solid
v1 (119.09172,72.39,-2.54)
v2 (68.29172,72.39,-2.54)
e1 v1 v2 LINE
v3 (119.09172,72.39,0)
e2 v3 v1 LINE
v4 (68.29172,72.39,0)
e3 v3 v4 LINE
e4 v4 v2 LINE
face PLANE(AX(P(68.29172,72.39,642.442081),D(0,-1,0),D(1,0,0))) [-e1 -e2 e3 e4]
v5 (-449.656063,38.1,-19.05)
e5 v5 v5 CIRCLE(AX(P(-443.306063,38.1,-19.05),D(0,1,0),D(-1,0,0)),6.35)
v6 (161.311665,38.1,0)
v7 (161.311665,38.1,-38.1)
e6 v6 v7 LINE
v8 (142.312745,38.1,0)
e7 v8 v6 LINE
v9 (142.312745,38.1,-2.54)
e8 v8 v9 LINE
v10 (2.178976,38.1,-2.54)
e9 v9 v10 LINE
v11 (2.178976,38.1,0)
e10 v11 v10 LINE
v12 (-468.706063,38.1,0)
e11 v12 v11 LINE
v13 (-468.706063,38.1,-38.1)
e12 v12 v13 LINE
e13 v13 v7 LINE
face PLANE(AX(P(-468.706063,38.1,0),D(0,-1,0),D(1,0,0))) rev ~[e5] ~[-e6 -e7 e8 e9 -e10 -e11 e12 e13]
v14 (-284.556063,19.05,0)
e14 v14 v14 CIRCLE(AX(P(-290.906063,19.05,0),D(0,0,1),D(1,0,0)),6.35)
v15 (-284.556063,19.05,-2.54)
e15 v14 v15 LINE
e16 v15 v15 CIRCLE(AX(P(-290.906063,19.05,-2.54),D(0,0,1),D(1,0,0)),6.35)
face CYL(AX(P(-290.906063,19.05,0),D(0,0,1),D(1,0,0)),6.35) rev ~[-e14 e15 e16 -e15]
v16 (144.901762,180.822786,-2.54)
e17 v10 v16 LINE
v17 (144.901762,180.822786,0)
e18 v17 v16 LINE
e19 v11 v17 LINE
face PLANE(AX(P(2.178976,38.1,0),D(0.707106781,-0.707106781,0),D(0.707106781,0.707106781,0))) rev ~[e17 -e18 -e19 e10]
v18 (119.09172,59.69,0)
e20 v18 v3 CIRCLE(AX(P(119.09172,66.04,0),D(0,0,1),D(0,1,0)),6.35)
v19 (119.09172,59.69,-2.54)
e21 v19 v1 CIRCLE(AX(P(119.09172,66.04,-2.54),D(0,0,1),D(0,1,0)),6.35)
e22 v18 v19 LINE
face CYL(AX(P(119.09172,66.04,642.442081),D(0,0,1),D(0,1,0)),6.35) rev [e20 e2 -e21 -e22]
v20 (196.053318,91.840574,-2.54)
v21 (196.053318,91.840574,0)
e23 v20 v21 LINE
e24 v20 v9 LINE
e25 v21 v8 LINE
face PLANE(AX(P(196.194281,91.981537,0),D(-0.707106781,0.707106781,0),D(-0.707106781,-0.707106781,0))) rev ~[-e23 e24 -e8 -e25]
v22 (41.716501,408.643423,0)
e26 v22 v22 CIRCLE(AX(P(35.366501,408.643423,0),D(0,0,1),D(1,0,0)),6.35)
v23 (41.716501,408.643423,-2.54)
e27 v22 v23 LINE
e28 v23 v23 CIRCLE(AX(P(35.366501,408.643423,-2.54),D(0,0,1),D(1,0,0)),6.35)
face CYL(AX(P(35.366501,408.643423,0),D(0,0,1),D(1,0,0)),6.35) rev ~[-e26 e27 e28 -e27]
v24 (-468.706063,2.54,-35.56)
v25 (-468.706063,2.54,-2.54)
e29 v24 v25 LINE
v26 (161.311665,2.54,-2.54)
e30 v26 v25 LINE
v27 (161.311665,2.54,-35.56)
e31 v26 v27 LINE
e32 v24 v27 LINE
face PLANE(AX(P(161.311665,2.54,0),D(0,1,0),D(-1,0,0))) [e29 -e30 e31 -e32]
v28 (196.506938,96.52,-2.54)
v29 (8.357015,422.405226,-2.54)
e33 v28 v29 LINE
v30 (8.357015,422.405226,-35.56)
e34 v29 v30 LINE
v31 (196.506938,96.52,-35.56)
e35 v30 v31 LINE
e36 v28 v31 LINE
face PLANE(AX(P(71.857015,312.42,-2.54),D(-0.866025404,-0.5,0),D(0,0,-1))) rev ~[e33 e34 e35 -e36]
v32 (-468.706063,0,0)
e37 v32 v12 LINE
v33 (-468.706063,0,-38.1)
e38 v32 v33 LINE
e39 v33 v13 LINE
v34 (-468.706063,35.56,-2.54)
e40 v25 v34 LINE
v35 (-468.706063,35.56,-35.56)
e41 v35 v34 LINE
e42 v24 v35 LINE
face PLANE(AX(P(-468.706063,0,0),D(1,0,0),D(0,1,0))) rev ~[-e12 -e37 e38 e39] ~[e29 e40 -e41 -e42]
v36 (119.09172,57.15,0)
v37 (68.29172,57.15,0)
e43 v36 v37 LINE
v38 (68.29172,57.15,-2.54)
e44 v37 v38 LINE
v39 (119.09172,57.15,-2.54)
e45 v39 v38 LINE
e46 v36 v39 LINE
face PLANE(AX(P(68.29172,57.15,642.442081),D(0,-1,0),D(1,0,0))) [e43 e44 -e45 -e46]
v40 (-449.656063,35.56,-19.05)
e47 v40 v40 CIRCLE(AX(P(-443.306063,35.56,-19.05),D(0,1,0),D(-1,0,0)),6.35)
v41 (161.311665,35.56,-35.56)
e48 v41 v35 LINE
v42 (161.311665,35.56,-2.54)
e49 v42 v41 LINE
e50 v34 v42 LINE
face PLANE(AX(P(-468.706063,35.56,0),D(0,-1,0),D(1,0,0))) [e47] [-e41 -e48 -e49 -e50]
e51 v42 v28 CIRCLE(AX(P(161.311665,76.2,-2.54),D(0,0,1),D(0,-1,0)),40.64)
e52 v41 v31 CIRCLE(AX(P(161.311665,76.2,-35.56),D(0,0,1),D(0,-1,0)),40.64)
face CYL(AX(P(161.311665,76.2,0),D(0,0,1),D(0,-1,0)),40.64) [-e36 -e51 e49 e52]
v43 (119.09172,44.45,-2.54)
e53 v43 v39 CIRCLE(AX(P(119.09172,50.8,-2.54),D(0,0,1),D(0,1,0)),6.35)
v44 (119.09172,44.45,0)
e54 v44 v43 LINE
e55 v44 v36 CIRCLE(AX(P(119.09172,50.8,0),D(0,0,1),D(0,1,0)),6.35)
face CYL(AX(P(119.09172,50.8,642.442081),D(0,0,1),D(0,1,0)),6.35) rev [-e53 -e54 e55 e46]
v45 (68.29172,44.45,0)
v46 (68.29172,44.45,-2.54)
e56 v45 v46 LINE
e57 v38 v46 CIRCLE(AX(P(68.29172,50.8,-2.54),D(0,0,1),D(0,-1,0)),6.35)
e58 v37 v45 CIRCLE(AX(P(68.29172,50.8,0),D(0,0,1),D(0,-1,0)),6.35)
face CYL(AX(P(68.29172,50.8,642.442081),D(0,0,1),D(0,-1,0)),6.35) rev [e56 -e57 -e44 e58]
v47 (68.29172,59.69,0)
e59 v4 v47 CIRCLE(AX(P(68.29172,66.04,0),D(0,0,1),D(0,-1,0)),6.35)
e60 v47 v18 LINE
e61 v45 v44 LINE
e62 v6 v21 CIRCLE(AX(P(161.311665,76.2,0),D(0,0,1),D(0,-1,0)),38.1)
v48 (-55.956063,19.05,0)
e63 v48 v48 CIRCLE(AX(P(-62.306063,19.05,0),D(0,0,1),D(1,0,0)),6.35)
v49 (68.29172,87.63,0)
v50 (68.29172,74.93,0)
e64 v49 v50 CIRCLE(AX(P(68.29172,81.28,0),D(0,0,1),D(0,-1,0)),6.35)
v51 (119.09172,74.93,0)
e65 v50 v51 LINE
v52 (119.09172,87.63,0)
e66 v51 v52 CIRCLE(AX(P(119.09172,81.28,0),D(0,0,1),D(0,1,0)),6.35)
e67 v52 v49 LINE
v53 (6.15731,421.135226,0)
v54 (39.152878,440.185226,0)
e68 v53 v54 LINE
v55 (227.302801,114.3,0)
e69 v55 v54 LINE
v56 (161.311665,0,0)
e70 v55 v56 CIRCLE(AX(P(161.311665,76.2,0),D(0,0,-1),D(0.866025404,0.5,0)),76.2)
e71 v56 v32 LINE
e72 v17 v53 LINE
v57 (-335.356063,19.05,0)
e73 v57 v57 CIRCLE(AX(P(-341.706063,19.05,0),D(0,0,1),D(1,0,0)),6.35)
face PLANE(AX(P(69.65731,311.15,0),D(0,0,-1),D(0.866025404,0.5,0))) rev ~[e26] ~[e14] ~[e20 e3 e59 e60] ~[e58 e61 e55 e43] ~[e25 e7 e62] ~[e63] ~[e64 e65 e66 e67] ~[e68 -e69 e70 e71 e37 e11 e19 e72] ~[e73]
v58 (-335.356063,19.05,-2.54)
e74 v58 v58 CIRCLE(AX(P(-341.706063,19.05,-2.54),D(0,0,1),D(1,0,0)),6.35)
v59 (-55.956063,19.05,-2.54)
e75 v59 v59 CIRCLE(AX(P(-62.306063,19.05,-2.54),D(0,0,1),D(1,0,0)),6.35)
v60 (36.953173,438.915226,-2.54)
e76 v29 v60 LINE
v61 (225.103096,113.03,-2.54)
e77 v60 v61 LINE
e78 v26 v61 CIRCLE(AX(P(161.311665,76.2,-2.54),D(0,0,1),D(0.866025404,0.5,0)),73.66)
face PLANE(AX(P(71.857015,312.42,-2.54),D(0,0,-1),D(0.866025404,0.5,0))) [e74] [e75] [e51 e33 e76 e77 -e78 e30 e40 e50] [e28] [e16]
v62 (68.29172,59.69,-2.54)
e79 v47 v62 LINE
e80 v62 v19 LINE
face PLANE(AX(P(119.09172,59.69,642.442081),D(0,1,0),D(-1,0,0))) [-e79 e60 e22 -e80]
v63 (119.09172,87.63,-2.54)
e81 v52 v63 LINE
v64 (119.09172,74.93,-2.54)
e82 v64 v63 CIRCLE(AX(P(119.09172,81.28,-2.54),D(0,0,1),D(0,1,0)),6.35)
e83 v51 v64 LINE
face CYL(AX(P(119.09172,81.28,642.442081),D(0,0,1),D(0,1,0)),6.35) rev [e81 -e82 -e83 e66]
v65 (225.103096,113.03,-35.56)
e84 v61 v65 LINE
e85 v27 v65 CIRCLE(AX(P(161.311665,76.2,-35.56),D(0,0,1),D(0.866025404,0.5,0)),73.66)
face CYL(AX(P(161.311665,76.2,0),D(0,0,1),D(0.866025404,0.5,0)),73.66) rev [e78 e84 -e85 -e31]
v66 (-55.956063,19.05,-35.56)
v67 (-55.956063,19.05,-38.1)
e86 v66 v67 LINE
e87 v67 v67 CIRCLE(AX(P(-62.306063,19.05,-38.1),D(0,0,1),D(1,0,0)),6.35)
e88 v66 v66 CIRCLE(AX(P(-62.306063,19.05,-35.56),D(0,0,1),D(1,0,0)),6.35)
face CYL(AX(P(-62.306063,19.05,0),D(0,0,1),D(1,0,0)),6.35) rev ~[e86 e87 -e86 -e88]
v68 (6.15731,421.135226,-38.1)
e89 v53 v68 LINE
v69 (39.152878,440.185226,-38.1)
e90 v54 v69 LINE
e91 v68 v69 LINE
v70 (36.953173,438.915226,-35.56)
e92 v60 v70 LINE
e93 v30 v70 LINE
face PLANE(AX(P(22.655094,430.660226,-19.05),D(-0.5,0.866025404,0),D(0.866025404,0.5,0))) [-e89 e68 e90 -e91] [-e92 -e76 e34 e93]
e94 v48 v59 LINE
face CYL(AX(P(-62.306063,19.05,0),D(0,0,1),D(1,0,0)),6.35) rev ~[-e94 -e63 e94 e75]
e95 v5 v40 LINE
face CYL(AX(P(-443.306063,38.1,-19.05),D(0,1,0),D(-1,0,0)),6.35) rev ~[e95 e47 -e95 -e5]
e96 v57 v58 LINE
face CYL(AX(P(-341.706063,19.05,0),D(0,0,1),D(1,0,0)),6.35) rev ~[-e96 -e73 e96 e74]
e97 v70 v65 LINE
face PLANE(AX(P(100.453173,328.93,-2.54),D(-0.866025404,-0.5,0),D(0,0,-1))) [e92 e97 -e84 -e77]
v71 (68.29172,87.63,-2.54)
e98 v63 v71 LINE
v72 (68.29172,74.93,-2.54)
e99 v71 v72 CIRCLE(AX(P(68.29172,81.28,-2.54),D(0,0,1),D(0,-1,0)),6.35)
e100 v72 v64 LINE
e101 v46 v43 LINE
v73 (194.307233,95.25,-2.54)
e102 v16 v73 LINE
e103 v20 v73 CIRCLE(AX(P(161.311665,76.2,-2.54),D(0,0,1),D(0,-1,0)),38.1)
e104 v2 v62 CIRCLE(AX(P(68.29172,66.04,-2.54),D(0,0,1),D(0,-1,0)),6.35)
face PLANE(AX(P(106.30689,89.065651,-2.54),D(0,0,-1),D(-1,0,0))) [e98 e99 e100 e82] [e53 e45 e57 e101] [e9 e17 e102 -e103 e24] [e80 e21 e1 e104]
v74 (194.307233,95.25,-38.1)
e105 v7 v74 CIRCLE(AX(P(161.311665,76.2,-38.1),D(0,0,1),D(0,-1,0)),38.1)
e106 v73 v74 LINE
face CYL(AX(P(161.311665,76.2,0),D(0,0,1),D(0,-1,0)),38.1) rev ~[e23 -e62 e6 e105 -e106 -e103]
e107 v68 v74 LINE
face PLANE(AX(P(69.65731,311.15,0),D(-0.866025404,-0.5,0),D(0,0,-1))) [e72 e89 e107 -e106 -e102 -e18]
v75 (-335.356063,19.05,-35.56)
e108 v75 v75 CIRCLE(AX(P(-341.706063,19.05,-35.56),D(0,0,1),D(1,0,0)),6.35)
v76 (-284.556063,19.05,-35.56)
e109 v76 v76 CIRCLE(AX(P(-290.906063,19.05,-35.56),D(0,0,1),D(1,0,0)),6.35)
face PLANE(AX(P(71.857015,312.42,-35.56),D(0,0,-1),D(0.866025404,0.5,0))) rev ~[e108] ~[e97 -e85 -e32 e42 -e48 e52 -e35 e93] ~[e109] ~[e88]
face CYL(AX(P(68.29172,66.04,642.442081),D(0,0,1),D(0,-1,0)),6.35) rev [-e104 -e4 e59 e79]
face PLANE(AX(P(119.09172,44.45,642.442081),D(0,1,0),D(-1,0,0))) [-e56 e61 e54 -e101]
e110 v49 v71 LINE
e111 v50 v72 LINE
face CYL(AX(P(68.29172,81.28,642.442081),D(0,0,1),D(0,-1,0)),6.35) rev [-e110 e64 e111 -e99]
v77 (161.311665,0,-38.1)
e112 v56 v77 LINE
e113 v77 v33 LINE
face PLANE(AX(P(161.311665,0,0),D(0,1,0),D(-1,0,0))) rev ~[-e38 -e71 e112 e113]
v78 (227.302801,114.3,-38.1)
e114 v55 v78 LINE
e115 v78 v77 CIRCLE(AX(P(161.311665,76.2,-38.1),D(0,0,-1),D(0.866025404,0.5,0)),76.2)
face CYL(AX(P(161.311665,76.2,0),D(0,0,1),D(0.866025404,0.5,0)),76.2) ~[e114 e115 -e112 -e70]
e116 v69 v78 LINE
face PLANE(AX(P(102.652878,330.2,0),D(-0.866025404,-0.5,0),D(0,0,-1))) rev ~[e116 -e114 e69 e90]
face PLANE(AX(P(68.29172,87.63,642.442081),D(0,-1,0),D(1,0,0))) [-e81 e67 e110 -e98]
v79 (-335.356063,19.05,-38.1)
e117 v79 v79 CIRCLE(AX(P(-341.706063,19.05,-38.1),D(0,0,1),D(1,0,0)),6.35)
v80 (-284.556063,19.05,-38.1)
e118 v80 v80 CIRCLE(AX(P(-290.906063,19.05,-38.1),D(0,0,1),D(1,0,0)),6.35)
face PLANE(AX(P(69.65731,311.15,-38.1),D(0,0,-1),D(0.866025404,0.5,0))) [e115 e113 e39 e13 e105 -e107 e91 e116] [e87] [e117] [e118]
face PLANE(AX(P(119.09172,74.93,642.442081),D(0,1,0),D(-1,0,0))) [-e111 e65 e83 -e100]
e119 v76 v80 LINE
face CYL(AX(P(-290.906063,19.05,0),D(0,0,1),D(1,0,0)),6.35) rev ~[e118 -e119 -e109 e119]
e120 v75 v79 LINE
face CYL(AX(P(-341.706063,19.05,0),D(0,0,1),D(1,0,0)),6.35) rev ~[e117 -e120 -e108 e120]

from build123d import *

# Parameters (mm, degrees)
BOSS_EXTRUDE1_DEPTH     = 38.1
SHELL1_T                = -2.54
CUT_EXTRUDE1_REACH      = 782.53
SKETCH3_W               = 33.02
SKETCH3_H               = 33.02
BOSS_EXTRUDE2_DEPTH     = 2.54
SKETCH5_R               = 6.35
CUT_EXTRUDE2_DEPTH      = 575.603362093
SKETCH7_W               = 38.1
SKETCH7_H               = 38.1
SKETCH7_W_2             = 33.02
SKETCH7_H_2             = 33.02
BOSS_EXTRUDE3_DEPTH     = 127
CUT_EXTRUDE4_REACH      = 620.716
SKETCH8_R               = 6.35
CUT_EXTRUDE6_DEPTH      = 644.98208109
CUT_EXTRUDE6_DEPTH_BACK = 644.98208109
CUT_EXTRUDE7_REACH      = 646.127
SKETCH11_R              = 6.35


with BuildPart() as part:
    # Sketch1 → Boss-Extrude1 (new body)
    with BuildSketch(Plane.XY):
        with BuildLine():
            Line((102.652877862, 330.2), (227.30280098, 114.3))
            ThreePointArc((227.30280098, 114.3), (227.30280098, 38.1), (161.311665212, 0))
            Line((161.311665212, 0), (-468.706063252, 0))
            Line((-468.706063252, 0), (-468.706063252, 38.1))
            Line((-468.706063252, 38.1), (161.311665212, 38.1))
            ThreePointArc((161.311665212, 38.1), (194.307233096, 57.15), (194.307233096, 95.25))
            Line((194.307233096, 95.25), (69.657309978, 311.15))
            Line((69.657309978, 311.15), (102.652877862, 330.2))
        make_face()
    extrude(amount=-BOSS_EXTRUDE1_DEPTH)

    # Shell1
    shell1_openings = [part.faces().sort_by_distance(p)[0] for p in [
        (86.15509392, 320.675, -19.05),
    ]]
    offset(amount=SHELL1_T, openings=shell1_openings, kind=Kind.INTERSECTION)

    # Sketch3 → Cut-Extrude1 (cut, up to next)
    with BuildSketch(Plane.ZY.offset(468.706063252), mode=Mode.PRIVATE) as cut_extrude1_sk1:
        with Locations((-19.05, 19.05)):
            Rectangle(SKETCH3_W, SKETCH3_H)
    cut_extrude1_tool1 = extrude(cut_extrude1_sk1.sketch, amount=-CUT_EXTRUDE1_REACH, mode=Mode.PRIVATE) & part.part
    add(cut_extrude1_tool1.solids().sort_by_distance((-468.706063, 19.05, -19.05))[0], mode=Mode.SUBTRACT)

    # Sketch4 → Boss-Extrude2 (add)
    with BuildSketch(Plane.XY):
        Polygon((2.178975516, 38.1), (144.901761863, 180.822786347), (196.194281247, 91.981536726), (142.31274452, 38.1), align=None)
    extrude(amount=-BOSS_EXTRUDE2_DEPTH)

    # Sketch5 → Cut-Extrude2 (cut, through all)
    with BuildSketch(Plane.XY):
        with Locations((-62.306063252, 19.05)):
            Circle(SKETCH5_R)
        with Locations((-290.906063252, 19.05)):
            Circle(SKETCH5_R)
        with Locations((-341.706063252, 19.05)):
            Circle(SKETCH5_R)
    extrude(amount=-CUT_EXTRUDE2_DEPTH, mode=Mode.SUBTRACT)

    # Sketch7 → Boss-Extrude3 (add)
    with BuildSketch(Plane(origin=(-117.317574699, 203.2, 0), x_dir=(0.8660254037844362, 0.5000000000000044, 0), z_dir=(-0.5000000000000044, 0.8660254037844362, 0))):
        with Locations((234.95, 19.05)):
            Rectangle(SKETCH7_W, SKETCH7_H)
        with Locations((234.95, 19.05)):
            Rectangle(SKETCH7_W_2, SKETCH7_H_2, mode=Mode.SUBTRACT)
    extrude(amount=BOSS_EXTRUDE3_DEPTH)

    # Sketch8 → Cut-Extrude4 (cut, up to next)
    with BuildSketch(Plane(origin=(0, 38.1, 0), x_dir=(1, 0, 0), z_dir=(0, 1, 0)), mode=Mode.PRIVATE) as cut_extrude4_sk1:
        with Locations(Location((-443.306063252, 19.05, 0), (0, 0, 180))):
            Circle(SKETCH8_R)
    cut_extrude4_tool1 = extrude(cut_extrude4_sk1.sketch, amount=-CUT_EXTRUDE4_REACH, mode=Mode.PRIVATE) & part.part
    add(cut_extrude4_tool1.solids().sort_by_distance((-443.306063, 38.1, -19.05))[0], mode=Mode.SUBTRACT)

    # Sketch10 → Cut-Extrude6 (cut, two sides: drawn at the far end of the back side and taken through both)
    with BuildSketch(Plane(origin=(0, 0, -2.54), x_dir=(-1, 0, 0), z_dir=(0, 0, -1)).offset(-CUT_EXTRUDE6_DEPTH_BACK)):
        with BuildLine():
            Line((-68.291720036, 57.15), (-119.091720036, 57.15))
            ThreePointArc((-119.091720036, 57.15), (-125.441720036, 50.8), (-119.091720036, 44.45))
            Line((-119.091720036, 44.45), (-68.291720036, 44.45))
            ThreePointArc((-68.291720036, 44.45), (-61.941720036, 50.8), (-68.291720036, 57.15))
        make_face()
        with BuildLine():
            Line((-68.291720036, 72.39), (-119.091720036, 72.39))
            ThreePointArc((-119.091720036, 72.39), (-125.441720036, 66.04), (-119.091720036, 59.69))
            Line((-119.091720036, 59.69), (-68.291720036, 59.69))
            ThreePointArc((-68.291720036, 59.69), (-61.941720036, 66.04), (-68.291720036, 72.39))
        make_face()
        with BuildLine():
            Line((-68.291720036, 87.63), (-119.091720036, 87.63))
            ThreePointArc((-119.091720036, 87.63), (-125.441720036, 81.28), (-119.091720036, 74.93))
            Line((-119.091720036, 74.93), (-68.291720036, 74.93))
            ThreePointArc((-68.291720036, 74.93), (-61.941720036, 81.28), (-68.291720036, 87.63))
        make_face()
    extrude(amount=CUT_EXTRUDE6_DEPTH + CUT_EXTRUDE6_DEPTH_BACK, mode=Mode.SUBTRACT)

    # Sketch11 → Cut-Extrude7 (cut, up to next)
    with BuildSketch(Plane.XY, mode=Mode.PRIVATE) as cut_extrude7_sk1:
        with Locations((35.366501125, 408.643423165)):
            Circle(SKETCH11_R)
    cut_extrude7_tool1 = extrude(cut_extrude7_sk1.sketch, amount=-CUT_EXTRUDE7_REACH, mode=Mode.PRIVATE) & part.part
    add(cut_extrude7_tool1.solids().sort_by_distance((35.366501, 408.643423, 0))[0], mode=Mode.SUBTRACT)


solid = part.part
